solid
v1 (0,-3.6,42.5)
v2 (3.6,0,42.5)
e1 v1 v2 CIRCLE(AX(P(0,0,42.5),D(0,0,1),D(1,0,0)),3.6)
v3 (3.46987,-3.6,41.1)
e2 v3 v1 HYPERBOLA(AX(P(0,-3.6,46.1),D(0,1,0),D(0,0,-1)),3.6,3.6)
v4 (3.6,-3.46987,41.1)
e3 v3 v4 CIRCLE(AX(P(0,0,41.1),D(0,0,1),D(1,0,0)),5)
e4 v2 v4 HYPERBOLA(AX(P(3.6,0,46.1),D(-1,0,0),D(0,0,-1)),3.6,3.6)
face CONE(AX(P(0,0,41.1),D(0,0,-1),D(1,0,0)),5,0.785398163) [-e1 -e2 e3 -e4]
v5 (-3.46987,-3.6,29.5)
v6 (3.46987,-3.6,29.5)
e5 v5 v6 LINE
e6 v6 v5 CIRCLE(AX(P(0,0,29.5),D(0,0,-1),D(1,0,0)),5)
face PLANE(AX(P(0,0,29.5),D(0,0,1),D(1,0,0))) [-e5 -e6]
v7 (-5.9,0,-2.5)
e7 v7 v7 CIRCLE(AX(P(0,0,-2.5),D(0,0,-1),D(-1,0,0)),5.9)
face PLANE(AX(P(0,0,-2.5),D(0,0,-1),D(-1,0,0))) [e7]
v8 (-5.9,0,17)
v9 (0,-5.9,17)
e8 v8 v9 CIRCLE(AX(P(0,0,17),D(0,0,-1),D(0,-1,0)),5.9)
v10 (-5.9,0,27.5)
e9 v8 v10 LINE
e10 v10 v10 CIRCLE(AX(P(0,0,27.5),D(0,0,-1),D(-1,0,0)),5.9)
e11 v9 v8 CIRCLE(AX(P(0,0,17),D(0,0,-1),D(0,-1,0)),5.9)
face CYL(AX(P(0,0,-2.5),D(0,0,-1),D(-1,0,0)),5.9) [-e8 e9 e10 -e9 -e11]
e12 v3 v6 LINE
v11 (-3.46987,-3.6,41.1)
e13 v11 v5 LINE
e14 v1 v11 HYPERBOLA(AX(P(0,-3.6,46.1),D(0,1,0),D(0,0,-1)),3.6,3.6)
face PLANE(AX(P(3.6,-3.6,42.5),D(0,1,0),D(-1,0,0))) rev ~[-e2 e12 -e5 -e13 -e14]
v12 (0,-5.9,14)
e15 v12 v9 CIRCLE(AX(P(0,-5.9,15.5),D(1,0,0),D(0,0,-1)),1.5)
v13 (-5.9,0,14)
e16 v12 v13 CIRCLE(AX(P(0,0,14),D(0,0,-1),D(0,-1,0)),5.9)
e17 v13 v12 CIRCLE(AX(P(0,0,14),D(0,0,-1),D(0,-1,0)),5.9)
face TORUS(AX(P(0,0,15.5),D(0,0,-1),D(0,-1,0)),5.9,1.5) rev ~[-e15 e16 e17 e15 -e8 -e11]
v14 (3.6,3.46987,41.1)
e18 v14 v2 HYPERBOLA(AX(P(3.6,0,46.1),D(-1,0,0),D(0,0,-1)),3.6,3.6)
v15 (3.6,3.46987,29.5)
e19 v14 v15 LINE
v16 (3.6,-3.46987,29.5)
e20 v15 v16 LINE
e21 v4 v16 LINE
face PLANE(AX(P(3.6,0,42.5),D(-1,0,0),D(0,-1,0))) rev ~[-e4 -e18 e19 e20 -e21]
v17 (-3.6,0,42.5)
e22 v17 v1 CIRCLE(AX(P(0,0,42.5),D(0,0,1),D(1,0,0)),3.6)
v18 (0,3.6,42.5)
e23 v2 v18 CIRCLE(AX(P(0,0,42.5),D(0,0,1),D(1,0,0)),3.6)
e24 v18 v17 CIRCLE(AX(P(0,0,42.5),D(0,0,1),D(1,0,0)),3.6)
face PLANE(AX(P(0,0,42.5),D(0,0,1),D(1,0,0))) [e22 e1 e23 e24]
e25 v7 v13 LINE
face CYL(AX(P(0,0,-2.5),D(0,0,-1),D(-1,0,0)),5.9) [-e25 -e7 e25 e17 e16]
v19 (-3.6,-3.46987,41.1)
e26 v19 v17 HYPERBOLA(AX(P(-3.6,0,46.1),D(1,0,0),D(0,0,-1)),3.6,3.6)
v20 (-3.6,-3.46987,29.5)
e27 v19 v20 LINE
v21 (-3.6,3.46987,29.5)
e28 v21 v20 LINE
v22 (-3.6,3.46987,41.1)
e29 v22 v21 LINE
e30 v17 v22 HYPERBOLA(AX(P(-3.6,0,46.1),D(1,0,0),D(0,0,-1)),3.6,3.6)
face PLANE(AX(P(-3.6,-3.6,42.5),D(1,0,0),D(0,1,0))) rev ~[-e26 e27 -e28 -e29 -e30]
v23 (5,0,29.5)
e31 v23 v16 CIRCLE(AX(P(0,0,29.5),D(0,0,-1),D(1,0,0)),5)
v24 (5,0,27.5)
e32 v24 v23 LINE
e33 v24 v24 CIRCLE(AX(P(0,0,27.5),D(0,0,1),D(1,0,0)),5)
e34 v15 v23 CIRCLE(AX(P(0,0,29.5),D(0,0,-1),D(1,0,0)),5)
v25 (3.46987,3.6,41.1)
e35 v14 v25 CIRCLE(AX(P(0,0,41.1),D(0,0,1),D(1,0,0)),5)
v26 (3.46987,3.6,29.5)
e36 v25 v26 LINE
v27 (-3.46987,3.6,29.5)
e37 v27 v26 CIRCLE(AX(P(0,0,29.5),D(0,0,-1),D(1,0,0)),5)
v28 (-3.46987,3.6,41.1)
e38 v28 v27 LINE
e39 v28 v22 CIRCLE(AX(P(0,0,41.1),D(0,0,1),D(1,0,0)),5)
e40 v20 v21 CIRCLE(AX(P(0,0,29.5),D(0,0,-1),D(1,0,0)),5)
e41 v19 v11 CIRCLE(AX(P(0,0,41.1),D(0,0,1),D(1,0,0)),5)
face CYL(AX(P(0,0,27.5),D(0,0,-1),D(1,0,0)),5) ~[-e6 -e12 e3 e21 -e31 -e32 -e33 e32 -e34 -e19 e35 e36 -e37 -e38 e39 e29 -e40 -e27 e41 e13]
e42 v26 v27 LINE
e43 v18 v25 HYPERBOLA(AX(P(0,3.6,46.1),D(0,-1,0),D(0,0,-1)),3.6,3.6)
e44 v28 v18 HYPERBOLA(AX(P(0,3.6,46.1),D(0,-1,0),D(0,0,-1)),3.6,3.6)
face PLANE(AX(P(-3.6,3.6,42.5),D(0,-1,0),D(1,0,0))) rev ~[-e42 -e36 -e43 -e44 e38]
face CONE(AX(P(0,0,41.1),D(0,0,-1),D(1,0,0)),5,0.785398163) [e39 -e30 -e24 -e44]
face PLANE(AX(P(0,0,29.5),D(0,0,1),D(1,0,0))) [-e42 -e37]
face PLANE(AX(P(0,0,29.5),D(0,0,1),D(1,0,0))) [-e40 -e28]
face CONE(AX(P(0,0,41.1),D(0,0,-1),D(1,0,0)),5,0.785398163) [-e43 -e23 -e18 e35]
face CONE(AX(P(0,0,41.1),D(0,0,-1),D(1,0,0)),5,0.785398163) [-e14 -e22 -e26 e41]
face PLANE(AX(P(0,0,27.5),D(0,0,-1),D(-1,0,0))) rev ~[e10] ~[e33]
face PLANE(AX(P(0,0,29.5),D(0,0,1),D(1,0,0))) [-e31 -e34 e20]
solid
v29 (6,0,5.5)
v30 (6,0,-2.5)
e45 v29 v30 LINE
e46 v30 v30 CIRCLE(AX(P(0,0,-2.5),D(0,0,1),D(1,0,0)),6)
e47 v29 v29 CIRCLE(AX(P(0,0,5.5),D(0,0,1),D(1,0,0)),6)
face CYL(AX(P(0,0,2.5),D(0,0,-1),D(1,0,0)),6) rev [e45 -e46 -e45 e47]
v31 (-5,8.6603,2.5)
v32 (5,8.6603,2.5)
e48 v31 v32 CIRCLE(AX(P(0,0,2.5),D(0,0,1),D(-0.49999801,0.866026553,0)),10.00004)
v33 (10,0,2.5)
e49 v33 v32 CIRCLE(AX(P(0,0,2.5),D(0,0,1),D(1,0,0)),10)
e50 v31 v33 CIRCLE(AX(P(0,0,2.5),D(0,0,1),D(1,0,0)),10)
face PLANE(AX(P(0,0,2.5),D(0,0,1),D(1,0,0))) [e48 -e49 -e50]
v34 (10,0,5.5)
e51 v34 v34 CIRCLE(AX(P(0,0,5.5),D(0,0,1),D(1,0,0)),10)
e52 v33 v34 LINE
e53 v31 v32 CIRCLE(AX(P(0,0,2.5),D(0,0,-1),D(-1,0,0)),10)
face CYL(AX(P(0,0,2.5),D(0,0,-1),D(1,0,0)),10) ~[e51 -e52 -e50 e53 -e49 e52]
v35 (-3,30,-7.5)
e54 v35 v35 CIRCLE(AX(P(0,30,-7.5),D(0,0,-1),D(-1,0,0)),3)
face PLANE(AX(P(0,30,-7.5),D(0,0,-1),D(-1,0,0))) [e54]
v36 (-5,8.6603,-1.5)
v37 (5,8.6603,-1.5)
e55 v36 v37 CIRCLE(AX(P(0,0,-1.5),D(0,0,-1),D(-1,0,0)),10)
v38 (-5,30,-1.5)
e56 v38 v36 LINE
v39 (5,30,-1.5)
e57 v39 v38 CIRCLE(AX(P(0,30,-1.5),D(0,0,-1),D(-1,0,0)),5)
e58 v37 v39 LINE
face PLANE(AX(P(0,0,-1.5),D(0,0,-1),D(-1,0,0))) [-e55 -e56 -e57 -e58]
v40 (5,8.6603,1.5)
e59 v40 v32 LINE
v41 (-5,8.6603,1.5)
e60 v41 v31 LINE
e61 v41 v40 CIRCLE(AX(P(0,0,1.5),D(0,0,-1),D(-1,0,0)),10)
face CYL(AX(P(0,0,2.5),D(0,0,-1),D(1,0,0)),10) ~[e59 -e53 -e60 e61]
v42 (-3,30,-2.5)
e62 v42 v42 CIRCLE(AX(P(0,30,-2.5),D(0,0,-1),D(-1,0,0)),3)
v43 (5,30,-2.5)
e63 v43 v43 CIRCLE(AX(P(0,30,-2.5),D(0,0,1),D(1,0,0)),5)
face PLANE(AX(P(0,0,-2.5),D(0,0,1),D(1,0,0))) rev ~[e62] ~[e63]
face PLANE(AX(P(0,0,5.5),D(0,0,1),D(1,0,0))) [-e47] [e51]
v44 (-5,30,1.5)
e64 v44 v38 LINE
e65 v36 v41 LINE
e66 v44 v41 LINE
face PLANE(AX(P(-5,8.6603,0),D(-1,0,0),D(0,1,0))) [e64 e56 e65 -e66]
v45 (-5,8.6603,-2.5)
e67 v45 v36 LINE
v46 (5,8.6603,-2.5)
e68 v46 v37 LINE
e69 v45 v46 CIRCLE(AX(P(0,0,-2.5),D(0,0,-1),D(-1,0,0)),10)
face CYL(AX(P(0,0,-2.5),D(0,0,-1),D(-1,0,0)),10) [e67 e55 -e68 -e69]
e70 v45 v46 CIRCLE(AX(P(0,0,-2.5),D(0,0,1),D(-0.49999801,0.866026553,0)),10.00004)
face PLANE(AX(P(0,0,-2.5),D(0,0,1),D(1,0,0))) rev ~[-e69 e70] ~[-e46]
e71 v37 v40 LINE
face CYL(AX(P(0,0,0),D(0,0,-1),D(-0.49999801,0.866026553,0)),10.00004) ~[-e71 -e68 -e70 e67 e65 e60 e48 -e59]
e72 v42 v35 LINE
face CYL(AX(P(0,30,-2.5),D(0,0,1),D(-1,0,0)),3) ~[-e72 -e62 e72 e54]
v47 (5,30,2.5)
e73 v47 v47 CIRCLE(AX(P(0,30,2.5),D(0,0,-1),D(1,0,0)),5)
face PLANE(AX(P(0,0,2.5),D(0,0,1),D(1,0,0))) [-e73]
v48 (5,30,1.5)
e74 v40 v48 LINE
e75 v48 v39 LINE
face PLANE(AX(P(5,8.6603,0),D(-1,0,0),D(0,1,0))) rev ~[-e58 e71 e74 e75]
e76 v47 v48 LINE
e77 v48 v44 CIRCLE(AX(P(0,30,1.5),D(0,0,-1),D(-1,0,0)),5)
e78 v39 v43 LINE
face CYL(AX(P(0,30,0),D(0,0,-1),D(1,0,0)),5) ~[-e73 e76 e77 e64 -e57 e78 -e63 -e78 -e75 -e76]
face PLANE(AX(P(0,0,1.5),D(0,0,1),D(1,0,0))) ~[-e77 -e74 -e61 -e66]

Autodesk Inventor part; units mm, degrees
ref_plane "YZ Plane" through (0, 0, 0) normal (1, 0, 0) x (0, 1, 0)
ref_plane "XZ Plane" through (0, 0, 0) normal (0, 1, 0) x (-1, 0, 0)
ref_plane "XY Plane" through (0, 0, 0) normal (0, 0, 1) x (1, 0, 0)
sketch "Sketch1" plane through (0, 0, 0) normal (0, 0, 1) x (1, 0, 0)
  circle A0 centre (0, 0) radius 6
  arc A1 (-5, 8.6603) -> (5, 8.6603) centre (0, 0) ccw
  line L0 (0, 0) -> (0, 30) construction
  circle A2 centre (0, 30) radius 3 construction
  arc A3 (5, 30) -> (-5, 30) centre (0, 30) ccw
  line L1 (-5, 8.6603) -> (-5, 30)
  line L2 (5, 8.6603) -> (5, 30)
  dimension "d0" = 30
  dimension "d1" = 6
  dimension "d2" = 10
  dimension "d3" = 12
  dimension "d4" = 20
extrude "Extrusion1" add sketch "Sketch1" along normal mid plane 5
sketch "Sketch2" plane through (0, 0, -2.5) normal (0, 0, -1) x (-1, 0, 0)
  arc A0 (-5, 8.6603) -> (5, 8.6603) centre (0, 0) ccw projected
  line L0 (5, 30) -> (5, 8.6603) projected
  arc A1 (5, 30) -> (-5, 30) centre (0, 30) ccw projected
  line L1 (-5, 8.6603) -> (-5, 30) projected
  circle A2 centre (0, 0) radius 10
  circle A3 centre (0, 30) radius 5
extrude "Extrusion2" cut sketch "Sketch2" against normal blind 1 contours L1 A3 L0 A2
mirror "Mirror1" about plane through (0, 0, 0) normal (0, 0, 1) of "Extrusion2"
sketch "Sketch3" plane through (0, 0, 2.5) normal (0, 0, 1) x (1, 0, 0)
  circle A0 centre (0, 0) radius 6 projected
  circle A1 centre (0, 0) radius 10 projected
extrude "Extrusion3" add sketch "Sketch3" along normal blind 3
sketch "Sketch4" plane through (0, 0, -2.5) normal (0, 0, -1) x (-1, 0, 0)
  circle A0 centre (0, 0) radius 6 projected
  circle A1 centre (0, 0) radius 5.9
  dimension "d12" = 0.1
extrude "Extrusion4" add sketch "Sketch4" against normal blind 30 contours A1
sketch "Sketch5" plane through (0, 30, -2.5) normal (0, 0, -1) x (-1, 0, 0)
  circle A0 centre (0, 0) radius 5 projected
  circle A1 centre (0, 0) radius 3
  dimension "d15" = 6
extrude "Extrusion5" add sketch "Sketch5" along normal blind 5 contours A1
sketch "Sketch6" plane through (0, 0, 27.5) normal (0, 0, 1) x (1, 0, 0)
  circle A0 centre (0, 0) radius 5.9 projected
  circle A1 centre (0, 0) radius 5
  dimension "d18" = 10
extrude "Extrusion6" add sketch "Sketch6" along normal blind 15 contours A1
chamfer "Chamfer1" distance 1.4 angle 45 1 edges at (-5, 0, 42.5)
sketch "Sketch7" plane through (0, 0, 42.5) normal (0, 0, 1) x (1, 0, 0)
  circle A0 centre (0, 0) radius 3.6 projected
  line L0 (3.6, 3.6) -> (3.6, -3.6)
  line L1 (3.6, -3.6) -> (-3.6, -3.6)
  line L2 (-3.6, -3.6) -> (-3.6, 3.6)
  line L3 (-3.6, 3.6) -> (3.6, 3.6)
  circle A1 centre (0, 0) radius 7.459
  point P0 (0, 3.6)
extrude "Extrusion7" cut sketch "Sketch7" against normal blind 13
sketch "Sketch8" plane through (0, 0, 0) normal (0, 1, 0) x (-1, 0, 0)
  point P0 (0, 0)
sketch "Sketch9" plane through (0, 0, 0) normal (1, 0, 0) x (0, 1, 0)
  line L0 (-5.9, 27.5) -> (5.9, 27.5) projected
  line L1 (-5.9, -2.5) -> (-5.9, 27.5) projected
  line L2 (5.9, -2.5) -> (5.9, 27.5) projected
  line L3 (-5, 27.5) -> (5, 27.5) projected
  line L4 (0, 27.5) -> (0, 15.5) construction
  line L5 (0, 15.5) -> (-5.9, 15.5) construction
  circle A0 centre (-5.9, 15.5) radius 1.5
  point P0 (0, 0)
  dimension "d26" = 3
  dimension "d27" = 12
revolve "Revolution1" cut sketch "Sketch9" angle 360 about axis through (0, 0, 27.5) along (0, 0, -1)
properties part number "Crank" material "Acero, carbono"
